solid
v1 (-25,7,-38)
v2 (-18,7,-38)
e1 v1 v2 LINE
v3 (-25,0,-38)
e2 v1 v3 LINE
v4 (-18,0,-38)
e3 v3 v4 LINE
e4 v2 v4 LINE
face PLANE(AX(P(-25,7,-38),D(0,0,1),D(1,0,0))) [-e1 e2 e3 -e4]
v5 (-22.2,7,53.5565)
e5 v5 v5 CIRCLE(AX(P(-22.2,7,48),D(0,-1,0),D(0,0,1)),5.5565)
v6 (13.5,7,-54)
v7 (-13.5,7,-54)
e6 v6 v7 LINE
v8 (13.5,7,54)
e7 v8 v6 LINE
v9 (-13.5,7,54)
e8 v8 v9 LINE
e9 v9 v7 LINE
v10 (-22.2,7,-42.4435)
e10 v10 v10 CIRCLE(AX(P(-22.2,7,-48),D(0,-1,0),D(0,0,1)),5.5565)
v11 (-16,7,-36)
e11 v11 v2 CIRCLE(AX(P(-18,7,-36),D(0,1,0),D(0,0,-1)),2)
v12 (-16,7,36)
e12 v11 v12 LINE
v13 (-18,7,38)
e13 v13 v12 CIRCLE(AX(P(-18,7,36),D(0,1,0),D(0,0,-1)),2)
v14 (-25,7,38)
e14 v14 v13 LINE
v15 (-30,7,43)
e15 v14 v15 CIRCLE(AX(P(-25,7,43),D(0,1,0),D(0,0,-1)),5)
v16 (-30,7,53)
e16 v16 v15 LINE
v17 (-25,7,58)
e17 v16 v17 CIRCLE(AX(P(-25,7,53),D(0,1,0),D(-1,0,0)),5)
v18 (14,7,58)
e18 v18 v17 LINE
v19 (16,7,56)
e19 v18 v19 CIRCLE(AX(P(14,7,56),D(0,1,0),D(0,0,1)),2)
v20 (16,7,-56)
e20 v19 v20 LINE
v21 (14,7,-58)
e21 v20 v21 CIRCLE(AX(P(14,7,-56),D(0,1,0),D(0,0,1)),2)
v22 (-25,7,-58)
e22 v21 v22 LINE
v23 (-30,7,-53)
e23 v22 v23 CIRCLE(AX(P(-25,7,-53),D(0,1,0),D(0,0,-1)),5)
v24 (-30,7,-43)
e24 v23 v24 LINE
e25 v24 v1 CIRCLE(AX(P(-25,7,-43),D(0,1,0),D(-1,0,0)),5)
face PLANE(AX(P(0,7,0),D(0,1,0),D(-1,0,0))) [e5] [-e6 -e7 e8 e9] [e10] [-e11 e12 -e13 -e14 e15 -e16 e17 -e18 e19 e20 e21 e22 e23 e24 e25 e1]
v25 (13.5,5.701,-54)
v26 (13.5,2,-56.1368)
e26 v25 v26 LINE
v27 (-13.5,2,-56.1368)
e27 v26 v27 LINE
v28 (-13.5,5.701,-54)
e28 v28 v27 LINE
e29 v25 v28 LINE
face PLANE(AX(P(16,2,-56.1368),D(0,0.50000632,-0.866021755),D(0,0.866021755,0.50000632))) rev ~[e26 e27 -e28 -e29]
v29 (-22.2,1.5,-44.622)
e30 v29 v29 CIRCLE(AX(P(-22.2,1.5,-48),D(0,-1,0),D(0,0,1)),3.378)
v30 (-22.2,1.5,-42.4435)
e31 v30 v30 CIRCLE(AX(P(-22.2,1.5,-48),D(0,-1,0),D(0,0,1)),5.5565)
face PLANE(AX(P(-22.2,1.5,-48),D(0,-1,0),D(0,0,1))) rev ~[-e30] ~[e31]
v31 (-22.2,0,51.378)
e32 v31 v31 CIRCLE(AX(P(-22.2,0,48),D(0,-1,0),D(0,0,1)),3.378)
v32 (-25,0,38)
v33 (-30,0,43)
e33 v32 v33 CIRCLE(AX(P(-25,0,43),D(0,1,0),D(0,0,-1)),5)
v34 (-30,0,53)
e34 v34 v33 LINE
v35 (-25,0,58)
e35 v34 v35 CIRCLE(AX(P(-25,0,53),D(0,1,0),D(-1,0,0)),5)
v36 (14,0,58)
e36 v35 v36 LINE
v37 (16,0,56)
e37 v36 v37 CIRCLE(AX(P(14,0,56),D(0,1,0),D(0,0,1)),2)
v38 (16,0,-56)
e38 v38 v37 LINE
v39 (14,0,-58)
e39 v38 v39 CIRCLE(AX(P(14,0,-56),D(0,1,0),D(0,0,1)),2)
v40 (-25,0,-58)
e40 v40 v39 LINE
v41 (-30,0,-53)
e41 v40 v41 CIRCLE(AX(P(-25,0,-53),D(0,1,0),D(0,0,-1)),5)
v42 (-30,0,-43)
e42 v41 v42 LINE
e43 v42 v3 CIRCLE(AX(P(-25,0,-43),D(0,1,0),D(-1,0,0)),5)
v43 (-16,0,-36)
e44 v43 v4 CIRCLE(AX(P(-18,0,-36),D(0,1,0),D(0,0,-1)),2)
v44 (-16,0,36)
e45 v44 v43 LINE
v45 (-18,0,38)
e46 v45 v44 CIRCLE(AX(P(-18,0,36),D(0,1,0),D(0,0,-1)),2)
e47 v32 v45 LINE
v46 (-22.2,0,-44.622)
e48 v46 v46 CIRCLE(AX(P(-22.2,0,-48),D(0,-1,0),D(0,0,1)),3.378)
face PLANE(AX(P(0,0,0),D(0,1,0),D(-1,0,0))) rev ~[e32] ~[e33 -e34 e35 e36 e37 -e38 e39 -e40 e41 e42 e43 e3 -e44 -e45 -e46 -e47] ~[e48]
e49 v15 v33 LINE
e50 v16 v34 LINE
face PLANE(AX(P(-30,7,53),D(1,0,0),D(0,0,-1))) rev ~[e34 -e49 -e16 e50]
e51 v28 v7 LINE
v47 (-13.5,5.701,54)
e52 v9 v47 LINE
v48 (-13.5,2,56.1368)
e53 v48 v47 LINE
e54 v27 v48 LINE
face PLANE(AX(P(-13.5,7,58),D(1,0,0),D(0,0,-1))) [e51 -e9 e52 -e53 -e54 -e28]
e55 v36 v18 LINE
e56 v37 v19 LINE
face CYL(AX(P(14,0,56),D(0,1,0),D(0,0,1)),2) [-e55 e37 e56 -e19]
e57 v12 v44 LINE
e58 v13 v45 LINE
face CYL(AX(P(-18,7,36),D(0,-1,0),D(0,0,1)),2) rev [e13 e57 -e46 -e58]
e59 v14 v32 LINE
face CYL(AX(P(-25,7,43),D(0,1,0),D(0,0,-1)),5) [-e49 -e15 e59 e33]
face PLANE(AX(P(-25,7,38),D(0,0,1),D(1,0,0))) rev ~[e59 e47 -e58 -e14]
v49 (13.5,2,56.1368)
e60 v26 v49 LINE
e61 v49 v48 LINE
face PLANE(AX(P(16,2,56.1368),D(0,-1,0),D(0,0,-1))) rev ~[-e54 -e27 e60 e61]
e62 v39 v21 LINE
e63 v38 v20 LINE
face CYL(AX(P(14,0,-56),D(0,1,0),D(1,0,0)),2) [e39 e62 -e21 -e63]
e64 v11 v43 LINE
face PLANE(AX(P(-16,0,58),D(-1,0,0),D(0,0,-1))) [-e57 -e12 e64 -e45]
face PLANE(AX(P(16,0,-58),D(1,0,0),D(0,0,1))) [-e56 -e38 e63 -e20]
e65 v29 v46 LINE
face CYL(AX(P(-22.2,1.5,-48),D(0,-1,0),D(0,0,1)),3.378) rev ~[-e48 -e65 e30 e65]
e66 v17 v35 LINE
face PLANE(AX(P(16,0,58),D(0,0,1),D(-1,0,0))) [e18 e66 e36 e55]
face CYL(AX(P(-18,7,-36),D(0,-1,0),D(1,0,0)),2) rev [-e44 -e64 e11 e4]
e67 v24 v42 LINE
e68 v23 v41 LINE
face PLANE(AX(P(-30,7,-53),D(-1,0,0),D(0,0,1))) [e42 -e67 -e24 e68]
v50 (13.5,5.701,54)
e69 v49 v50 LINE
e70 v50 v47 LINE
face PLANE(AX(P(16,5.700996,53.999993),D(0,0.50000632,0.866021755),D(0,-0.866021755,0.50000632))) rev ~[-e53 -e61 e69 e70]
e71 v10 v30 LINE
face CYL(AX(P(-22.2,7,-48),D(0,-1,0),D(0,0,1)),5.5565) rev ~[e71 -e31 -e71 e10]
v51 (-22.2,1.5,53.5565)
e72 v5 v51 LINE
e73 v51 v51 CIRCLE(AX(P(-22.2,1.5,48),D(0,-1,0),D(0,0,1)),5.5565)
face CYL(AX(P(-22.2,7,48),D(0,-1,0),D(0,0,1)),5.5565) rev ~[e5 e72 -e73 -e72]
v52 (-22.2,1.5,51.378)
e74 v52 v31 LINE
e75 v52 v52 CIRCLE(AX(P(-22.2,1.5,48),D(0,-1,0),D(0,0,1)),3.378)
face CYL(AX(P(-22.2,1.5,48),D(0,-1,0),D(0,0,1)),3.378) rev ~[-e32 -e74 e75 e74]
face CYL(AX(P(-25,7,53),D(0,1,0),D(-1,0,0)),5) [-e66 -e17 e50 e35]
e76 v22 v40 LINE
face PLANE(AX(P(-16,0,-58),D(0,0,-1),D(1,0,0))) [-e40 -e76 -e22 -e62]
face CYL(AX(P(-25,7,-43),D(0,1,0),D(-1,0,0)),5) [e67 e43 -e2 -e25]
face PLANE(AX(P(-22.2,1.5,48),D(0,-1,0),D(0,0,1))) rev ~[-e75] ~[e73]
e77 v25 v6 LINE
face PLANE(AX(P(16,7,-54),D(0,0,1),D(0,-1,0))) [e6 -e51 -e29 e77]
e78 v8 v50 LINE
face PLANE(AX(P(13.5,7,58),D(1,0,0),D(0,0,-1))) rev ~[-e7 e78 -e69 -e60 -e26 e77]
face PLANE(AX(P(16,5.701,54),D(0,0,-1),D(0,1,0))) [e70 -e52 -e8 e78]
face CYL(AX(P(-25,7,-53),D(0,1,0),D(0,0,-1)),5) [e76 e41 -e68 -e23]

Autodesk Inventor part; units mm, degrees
ref_plane "YZ Plane" through (0, 0, 0) normal (1, 0, 0) x (0, 1, 0)
ref_plane "XZ Plane" through (0, 0, 0) normal (0, 1, 0) x (-1, 0, 0)
ref_plane "XY Plane" through (0, 0, 0) normal (0, 0, 1) x (1, 0, 0)
sketch "Sketch1" plane through (0, 0, 0) normal (0, 1, 0) x (-1, 0, 0)
  line L0 (-16, 58) -> (16, 58)
  line L1 (16, 58) -> (16, -58)
  line L2 (16, -58) -> (-16, -58)
  line L3 (-16, -58) -> (-16, 58)
  line L4 (-16, 58) -> (16, -58) construction
  line L5 (16, 58) -> (-16, -58) construction
  point P0 (0, 0)
  dimension "d0" = 32
  dimension "d1" = 116
extrude "Extrusion1" add sketch "Sketch1" along normal blind 7
sketch "Sketch3" plane through (16, 0, 58) normal (1, 0, 0) x (0, 0, -1)
  line L0 (0, 7) -> (116, 7) projected
  line L1 (4.75, 7) -> (1.8632, 2)
  line L2 (1.8632, 2) -> (114.1368, 2)
  line L3 (114.1368, 2) -> (111.25, 7)
  line L4 (0, 0) -> (0, 7) projected
  line L5 (116, 0) -> (116, 7) projected
  line L6 (4, 5.701) -> (4, 7)
  line L7 (116, 7) -> (0, 7) projected
  line L8 (112, 7) -> (112, 5.701)
  point P0 (58, 0)
  dimension "d4" = 60
  dimension "d6" = 60
  dimension "d7" = 5
  dimension "d8" = 106.5
  dimension "d9" = 116
  dimension "d10" = 4.75
  dimension "d17" = 4
  dimension "d18" = 4
extrude "Extrusion2" cut sketch "Sketch3" against normal through all
sketch "Sketch4" plane through (0, 7, 0) normal (0, 1, 0) x (1, 0, 0)
  line L0 (-16, 58) -> (-16, -58) projected
  line L1 (-16, -58) -> (-13.5, -58)
  line L2 (-13.5, -58) -> (-13.5, 58)
  line L3 (-13.5, 58) -> (-16, 58)
  line L4 (-16, 58) -> (-16, -58)
  line L5 (16, -58) -> (16, 58) projected
  line L6 (16, -58) -> (13.5, -58)
  line L7 (13.5, -58) -> (13.5, 58)
  line L8 (13.5, 58) -> (16, 58)
  line L9 (16, 58) -> (16, -58)
  line L10 (16, 58) -> (-16, 58) projected
  point P0 (0, 0)
  dimension "d13" = 2.5
  dimension "d14" = 2.5
extrude "Extrusion3" add sketch "Sketch4" against normal up to surface (7 mm away)
sketch "Sketch5" plane through (0, 7, 0) normal (0, 1, 0) x (1, 0, 0)
  line L0 (-16, 58) -> (-16, -58) projected
  line L1 (-16, -58) -> (-25, -58)
  line L2 (-30, -53) -> (-30, -43)
  line L3 (-25, -38) -> (-16, -38)
  line L4 (-16, -38) -> (-16, -58)
  arc A0 (-30, -53) -> (-25, -58) centre (-25, -53) ccw
  arc A1 (-25, -38) -> (-30, -43) centre (-25, -43) ccw
  line L5 (-36.8459, 0) -> (21.1314, 0)
  line L6 (-16, 58) -> (-25, 58)
  line L7 (-30, 53) -> (-30, 43)
  line L8 (-25, 38) -> (-16, 38)
  line L9 (-16, 38) -> (-16, 58)
  arc A2 (-25, 58) -> (-30, 53) centre (-25, 53) ccw
  arc A3 (-30, 43) -> (-25, 38) centre (-25, 43) ccw
  point P0 (0, 0)
  point P1 (-30, -38)
  point P2 (-30, -58)
  point P3 (-22.2, -48)
  point P4 (-30, 38)
  point P5 (-30, 58)
  point P6 (-22.2, 48)
  dimension "d19" = 20
  dimension "d20" = 14
  dimension "d21" = 22.2
  dimension "d22" = 10
  dimension "d23" = 6.2
  dimension "d33" = 5
extrude "Extrusion4" add sketch "Sketch5" against normal up to surface (7 mm away)
hole "Hole1" at (-22.2, 7, 48) at (-22.2, 7, -48) direction (0, -1, 0) diameter 6.756 depth 19.05 tip angle 118 counterbore diameter 11.113 counterbore depth 5.5 clearance for "Socket Head Cap Screw" size "1/4" standard "Ansi Unified Screw Threads"
fillet "Fillet1" radius 2 4 edges at (16, 3.5, -58) (16, 3.5, 58) (-16, 3.5, 38) (-16, 3.5, -38)
equation "\"d10\" = -0.5 * d8 + 0.5 * d9"
equation "\"d22\" = 0.5 * d19"
properties part number "Bracket Clamp"
